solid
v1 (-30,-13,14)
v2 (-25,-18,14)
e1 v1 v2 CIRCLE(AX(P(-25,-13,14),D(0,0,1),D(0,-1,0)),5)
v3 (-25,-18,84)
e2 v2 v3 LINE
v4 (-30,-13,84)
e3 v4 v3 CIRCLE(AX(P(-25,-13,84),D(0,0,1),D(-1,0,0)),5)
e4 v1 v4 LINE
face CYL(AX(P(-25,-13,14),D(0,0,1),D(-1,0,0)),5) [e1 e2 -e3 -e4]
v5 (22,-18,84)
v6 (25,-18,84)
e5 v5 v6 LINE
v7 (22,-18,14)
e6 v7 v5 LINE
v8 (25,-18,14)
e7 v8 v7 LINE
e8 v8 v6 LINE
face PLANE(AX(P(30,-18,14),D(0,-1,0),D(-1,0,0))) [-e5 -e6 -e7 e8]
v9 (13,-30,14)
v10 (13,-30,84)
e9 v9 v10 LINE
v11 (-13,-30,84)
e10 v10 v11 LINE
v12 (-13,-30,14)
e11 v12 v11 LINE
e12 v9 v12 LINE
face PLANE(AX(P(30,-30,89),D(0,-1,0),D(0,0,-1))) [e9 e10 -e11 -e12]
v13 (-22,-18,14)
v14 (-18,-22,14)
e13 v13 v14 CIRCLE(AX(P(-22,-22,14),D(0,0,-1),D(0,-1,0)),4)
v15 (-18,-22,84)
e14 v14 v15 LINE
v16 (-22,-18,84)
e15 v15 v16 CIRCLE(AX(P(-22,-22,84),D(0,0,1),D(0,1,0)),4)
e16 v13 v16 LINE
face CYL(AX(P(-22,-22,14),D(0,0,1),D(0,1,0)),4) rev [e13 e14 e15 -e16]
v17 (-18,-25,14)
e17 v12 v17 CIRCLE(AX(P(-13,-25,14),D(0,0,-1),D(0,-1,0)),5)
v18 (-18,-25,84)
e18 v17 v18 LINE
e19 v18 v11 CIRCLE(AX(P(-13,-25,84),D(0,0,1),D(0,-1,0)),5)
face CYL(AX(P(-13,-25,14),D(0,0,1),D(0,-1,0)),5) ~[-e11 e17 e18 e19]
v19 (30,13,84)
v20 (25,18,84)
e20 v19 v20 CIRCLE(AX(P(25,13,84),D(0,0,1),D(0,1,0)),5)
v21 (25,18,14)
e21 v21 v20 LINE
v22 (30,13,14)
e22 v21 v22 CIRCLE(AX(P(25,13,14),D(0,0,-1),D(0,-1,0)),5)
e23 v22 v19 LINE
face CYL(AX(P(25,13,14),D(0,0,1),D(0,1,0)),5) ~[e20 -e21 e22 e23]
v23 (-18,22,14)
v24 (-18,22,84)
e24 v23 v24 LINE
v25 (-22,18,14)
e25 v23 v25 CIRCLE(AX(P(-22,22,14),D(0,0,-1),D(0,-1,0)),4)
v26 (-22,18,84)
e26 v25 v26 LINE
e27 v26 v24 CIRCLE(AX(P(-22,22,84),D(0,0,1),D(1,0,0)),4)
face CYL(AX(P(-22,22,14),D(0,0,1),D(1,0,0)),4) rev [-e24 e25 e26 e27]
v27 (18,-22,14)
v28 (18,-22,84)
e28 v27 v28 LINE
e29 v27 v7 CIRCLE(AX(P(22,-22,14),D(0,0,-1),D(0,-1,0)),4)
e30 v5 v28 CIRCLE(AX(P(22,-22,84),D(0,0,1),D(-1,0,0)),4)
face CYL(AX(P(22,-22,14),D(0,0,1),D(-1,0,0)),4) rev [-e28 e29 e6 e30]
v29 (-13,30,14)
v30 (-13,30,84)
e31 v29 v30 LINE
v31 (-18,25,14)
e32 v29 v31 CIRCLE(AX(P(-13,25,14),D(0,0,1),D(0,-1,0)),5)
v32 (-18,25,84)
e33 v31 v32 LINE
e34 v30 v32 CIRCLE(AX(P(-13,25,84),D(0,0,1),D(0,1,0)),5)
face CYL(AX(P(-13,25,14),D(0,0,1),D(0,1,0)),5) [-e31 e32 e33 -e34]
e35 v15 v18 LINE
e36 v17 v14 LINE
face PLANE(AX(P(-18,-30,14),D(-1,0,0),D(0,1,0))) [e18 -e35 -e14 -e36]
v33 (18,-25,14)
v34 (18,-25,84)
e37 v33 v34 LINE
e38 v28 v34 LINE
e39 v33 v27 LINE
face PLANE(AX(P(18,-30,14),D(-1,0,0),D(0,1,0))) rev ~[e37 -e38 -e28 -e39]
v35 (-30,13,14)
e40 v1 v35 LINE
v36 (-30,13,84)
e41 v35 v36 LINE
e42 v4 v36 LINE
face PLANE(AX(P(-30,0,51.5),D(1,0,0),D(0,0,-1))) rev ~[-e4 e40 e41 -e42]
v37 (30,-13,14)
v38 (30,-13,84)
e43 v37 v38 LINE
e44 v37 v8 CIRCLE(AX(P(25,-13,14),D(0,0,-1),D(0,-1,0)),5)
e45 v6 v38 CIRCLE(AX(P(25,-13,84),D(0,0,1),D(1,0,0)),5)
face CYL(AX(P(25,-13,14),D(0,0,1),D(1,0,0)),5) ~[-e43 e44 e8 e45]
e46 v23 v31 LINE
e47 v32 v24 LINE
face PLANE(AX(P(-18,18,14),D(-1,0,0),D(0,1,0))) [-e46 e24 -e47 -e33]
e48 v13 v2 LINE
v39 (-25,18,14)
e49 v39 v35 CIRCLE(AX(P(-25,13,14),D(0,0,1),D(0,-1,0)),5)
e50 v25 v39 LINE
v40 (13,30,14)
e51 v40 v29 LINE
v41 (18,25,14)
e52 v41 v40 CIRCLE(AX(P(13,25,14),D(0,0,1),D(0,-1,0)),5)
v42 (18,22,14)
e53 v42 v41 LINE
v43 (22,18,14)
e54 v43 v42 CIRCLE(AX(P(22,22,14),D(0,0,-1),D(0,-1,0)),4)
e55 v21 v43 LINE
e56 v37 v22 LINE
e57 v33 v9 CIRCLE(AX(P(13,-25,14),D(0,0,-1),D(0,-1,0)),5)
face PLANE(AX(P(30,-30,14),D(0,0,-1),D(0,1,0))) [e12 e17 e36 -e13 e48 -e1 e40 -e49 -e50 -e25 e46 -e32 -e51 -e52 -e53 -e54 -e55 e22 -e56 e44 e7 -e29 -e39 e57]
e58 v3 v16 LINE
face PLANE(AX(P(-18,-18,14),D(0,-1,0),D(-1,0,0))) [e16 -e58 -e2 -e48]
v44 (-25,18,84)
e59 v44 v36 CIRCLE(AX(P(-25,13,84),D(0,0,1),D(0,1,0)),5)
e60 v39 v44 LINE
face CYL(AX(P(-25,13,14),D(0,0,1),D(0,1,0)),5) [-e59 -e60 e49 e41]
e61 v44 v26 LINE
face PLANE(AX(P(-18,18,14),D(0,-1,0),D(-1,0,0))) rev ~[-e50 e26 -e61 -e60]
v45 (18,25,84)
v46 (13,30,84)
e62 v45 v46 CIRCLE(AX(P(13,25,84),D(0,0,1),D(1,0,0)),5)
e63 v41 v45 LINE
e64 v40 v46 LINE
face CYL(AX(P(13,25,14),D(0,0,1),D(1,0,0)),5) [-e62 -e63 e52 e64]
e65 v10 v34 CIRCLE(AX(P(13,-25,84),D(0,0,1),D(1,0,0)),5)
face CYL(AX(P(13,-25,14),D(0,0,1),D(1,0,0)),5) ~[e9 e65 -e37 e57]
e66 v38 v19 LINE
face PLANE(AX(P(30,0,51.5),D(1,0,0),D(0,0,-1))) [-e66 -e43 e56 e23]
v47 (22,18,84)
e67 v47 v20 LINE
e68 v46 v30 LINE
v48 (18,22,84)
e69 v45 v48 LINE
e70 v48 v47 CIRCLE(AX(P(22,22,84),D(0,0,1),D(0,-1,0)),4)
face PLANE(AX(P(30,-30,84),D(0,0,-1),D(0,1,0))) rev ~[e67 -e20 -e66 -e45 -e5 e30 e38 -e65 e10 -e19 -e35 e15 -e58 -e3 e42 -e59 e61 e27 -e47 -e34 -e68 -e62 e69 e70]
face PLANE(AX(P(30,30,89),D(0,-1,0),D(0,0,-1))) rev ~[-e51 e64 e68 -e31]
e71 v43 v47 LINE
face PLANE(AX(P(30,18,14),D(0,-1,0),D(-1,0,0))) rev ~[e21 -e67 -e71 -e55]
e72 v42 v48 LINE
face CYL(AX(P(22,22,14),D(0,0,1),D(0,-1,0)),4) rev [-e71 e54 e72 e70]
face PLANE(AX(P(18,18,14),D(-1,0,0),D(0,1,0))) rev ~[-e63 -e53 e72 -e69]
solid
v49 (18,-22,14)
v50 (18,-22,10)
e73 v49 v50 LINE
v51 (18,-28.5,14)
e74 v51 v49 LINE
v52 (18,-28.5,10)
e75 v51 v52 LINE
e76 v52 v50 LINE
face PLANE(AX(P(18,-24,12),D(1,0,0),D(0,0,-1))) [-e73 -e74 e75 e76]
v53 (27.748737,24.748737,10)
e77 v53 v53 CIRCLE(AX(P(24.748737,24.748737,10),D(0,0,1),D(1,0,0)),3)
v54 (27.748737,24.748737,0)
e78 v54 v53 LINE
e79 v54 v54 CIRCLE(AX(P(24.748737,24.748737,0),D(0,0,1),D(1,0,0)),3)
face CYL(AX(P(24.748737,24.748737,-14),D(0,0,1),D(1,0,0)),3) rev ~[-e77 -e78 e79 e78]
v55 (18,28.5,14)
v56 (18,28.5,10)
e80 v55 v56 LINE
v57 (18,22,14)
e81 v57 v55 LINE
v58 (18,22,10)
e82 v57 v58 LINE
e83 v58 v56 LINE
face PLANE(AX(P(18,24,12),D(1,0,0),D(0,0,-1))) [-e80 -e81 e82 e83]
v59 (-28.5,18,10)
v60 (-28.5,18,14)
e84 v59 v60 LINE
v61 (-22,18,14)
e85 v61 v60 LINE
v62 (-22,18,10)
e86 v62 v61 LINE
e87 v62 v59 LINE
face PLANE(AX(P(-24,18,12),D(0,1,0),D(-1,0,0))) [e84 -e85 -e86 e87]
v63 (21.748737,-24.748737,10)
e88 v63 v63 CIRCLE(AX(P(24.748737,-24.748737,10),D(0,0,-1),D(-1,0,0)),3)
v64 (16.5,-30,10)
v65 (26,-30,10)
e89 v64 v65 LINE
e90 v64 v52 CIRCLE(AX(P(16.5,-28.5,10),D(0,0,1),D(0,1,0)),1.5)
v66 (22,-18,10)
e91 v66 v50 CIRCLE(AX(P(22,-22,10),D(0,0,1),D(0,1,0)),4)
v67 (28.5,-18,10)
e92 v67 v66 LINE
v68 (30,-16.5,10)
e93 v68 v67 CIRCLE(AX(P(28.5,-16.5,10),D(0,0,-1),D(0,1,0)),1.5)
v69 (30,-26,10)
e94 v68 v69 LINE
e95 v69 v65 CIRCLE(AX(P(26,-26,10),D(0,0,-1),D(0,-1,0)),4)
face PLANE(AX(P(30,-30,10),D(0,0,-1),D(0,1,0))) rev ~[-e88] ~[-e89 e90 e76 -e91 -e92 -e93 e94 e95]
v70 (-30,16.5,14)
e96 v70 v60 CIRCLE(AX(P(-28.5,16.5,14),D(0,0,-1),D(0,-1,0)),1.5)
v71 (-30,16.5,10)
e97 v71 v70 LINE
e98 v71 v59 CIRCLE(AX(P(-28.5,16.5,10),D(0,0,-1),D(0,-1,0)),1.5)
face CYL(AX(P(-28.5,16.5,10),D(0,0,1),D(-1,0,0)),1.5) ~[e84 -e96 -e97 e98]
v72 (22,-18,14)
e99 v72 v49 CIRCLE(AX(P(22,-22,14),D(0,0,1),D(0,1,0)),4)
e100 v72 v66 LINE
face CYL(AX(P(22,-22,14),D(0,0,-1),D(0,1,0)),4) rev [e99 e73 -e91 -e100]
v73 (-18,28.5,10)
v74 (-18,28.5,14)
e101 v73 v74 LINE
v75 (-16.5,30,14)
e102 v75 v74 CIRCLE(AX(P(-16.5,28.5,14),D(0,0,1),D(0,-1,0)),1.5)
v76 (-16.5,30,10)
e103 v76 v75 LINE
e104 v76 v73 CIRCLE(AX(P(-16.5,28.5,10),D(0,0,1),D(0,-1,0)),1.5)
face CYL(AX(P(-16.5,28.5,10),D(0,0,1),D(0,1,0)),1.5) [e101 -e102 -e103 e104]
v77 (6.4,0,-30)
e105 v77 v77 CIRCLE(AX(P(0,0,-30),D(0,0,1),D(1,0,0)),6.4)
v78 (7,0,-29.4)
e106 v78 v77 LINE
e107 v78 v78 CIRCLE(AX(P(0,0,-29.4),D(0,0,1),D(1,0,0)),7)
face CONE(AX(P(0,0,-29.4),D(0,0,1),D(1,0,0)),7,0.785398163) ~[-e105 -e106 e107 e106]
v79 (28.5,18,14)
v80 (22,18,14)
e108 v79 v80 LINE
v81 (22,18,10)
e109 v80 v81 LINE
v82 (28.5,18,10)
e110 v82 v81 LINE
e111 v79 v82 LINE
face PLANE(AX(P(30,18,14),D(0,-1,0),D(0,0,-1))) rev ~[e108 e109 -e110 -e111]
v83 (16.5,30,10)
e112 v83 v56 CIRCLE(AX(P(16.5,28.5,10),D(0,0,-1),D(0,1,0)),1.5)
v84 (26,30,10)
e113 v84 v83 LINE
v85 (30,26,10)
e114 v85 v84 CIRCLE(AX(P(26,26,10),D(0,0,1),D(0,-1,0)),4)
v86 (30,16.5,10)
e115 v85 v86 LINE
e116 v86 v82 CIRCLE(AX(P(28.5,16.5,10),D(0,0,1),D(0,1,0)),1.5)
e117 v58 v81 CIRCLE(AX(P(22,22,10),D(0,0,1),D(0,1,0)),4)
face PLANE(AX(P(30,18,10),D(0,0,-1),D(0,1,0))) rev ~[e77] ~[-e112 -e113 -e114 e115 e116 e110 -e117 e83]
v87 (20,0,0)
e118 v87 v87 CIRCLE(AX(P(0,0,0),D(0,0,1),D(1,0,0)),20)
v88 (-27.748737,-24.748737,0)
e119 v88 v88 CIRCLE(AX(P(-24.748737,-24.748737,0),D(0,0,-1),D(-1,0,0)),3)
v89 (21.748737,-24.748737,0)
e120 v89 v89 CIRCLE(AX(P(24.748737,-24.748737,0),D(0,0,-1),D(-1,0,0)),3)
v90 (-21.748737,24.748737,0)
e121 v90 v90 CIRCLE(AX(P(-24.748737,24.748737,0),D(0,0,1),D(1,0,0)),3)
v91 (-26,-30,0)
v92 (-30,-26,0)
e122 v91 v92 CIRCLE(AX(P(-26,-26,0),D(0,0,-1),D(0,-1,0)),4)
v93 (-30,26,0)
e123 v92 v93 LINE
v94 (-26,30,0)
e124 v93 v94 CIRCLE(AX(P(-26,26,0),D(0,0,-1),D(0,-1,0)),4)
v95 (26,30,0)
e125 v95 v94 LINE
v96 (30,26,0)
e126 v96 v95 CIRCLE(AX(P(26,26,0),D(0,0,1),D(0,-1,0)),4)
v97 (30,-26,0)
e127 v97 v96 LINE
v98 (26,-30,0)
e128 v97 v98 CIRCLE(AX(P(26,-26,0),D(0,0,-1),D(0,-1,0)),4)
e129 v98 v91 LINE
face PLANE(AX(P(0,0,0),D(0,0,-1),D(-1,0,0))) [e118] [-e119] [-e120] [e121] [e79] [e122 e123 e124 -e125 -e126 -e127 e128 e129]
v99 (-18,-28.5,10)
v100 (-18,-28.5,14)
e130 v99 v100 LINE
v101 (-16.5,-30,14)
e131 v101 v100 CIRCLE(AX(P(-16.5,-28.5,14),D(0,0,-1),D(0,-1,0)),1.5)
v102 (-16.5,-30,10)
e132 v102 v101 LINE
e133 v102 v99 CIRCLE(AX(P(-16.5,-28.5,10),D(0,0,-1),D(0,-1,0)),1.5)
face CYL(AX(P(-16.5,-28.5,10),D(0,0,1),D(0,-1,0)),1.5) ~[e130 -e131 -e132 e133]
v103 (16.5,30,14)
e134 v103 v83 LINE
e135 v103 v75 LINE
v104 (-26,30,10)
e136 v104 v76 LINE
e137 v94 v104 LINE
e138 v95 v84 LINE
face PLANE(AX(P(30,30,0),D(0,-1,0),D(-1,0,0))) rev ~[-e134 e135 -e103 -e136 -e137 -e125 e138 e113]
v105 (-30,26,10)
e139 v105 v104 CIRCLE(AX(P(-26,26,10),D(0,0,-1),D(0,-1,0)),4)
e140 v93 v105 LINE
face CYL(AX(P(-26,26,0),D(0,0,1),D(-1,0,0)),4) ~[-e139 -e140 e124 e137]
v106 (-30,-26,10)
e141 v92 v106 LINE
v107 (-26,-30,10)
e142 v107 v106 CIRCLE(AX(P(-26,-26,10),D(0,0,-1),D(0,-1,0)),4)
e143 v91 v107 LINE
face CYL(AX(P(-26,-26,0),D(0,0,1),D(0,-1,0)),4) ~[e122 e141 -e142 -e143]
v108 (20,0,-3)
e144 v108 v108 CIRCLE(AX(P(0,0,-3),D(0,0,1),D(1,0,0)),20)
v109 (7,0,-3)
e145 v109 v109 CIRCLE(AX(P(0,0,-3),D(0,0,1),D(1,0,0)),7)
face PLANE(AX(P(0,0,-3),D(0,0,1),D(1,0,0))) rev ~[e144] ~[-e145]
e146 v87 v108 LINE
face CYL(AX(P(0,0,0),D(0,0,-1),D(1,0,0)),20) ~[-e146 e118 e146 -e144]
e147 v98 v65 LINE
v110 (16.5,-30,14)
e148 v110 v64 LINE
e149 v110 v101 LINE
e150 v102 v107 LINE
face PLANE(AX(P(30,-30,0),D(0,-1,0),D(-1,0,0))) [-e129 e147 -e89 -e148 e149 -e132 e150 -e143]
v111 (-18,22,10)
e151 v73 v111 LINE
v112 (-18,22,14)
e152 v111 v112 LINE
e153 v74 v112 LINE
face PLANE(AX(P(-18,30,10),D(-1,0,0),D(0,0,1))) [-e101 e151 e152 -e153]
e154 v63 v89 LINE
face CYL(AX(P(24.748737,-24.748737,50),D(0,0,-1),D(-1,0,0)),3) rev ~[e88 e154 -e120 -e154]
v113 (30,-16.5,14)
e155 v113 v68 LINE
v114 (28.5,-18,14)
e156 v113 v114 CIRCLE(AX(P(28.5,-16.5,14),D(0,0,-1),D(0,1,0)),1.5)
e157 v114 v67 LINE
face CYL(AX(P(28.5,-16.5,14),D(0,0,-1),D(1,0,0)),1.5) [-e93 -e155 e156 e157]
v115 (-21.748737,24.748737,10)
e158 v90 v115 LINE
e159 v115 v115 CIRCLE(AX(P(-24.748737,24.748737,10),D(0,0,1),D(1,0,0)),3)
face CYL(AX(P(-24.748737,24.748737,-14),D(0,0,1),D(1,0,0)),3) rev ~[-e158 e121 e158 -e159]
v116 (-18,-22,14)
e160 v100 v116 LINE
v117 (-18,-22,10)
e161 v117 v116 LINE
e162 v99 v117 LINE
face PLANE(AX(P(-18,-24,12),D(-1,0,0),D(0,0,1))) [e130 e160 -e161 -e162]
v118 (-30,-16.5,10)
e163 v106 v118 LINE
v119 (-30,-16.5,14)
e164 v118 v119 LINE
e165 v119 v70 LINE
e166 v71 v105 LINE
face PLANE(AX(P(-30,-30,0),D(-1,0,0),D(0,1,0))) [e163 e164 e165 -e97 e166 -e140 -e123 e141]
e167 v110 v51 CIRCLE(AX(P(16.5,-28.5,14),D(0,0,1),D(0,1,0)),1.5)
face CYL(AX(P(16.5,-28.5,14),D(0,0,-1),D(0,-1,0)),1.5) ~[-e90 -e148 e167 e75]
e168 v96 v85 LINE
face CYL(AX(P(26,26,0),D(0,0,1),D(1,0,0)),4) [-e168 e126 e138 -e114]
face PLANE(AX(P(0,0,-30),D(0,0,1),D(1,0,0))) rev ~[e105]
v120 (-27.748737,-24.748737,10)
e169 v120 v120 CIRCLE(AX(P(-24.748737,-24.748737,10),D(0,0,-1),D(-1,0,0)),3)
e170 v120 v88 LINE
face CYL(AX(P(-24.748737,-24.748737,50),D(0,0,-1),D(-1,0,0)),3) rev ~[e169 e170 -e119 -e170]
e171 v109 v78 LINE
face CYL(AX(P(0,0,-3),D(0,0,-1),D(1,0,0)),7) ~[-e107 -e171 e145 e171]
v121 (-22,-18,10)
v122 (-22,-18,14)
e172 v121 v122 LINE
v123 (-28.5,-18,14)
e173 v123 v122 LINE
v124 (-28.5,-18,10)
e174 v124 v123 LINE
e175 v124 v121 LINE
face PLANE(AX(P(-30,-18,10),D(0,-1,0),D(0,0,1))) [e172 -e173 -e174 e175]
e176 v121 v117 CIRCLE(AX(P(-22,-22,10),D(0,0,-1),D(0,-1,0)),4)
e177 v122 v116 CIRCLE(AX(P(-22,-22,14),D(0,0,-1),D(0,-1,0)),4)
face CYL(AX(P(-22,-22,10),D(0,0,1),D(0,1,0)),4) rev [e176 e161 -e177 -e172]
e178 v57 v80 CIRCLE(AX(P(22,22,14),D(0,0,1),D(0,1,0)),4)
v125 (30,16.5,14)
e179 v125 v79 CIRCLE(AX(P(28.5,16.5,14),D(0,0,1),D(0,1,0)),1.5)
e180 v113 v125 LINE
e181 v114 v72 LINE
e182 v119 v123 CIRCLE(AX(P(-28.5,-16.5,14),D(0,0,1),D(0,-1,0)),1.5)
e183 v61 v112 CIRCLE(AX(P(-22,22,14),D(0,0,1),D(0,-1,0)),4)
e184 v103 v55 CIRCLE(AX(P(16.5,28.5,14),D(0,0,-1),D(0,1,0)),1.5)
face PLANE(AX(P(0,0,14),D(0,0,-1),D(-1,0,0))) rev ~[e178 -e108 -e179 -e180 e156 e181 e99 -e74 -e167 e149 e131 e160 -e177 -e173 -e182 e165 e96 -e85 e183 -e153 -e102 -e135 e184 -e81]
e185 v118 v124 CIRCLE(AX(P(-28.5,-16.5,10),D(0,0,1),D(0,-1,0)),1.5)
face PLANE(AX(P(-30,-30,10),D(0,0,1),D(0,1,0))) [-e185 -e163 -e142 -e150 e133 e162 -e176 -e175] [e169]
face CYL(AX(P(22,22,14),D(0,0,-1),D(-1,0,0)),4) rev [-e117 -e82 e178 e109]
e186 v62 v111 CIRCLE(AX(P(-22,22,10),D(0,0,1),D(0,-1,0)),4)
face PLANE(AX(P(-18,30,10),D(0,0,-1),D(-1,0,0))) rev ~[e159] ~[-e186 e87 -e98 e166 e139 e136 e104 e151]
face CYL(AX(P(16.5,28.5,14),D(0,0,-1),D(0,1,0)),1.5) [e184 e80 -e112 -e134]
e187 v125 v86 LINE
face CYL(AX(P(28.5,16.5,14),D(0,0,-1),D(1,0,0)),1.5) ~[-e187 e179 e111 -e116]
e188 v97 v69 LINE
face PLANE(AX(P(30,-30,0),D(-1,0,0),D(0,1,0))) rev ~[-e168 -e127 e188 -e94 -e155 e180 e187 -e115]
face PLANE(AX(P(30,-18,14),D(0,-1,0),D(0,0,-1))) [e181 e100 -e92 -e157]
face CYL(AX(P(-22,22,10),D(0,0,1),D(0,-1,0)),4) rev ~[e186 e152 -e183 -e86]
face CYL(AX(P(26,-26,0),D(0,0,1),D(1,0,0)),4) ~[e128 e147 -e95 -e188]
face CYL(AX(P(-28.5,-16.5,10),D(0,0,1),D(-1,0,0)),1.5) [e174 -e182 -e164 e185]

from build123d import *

# Parameters (mm, degrees)
SKETCH_1_W                = 60
SKETCH_1_H                = 60
EXTRUDE_1_DEPTH           = 14
SKETCH_2_W                = 4
SKETCH_2_H                = 12
CUT_EXTRUDE_1_DEPTH       = 12
SKETCH_3_W                = 12
SKETCH_3_H                = 4
CUT_EXTRUDE_2_DEPTH       = 12
SKETCH_4_W                = 4
SKETCH_4_H                = 12
CUT_EXTRUDE_3_DEPTH       = 12
SKETCH_5_W                = 4
SKETCH_5_H                = 12
CUT_EXTRUDE_4_DEPTH       = 12
HOLE_WIZARD_6_0_6_1_D     = 6
HOLE_WIZARD_6_0_6_1_DEPTH = 40
HOLE_WIZARD_6_0_6_2_D     = 6
HOLE_WIZARD_6_0_6_2_DEPTH = 14
CHAMFER_1_SIZE            = 0.6
FILLET_1_R                = 1.5
FILLET_2_R                = 4
SKETCH_15_W               = 75
SKETCH_15_H               = 60
EXTRUDE_2_DEPTH           = 60
SKETCH_21_W               = 12
SKETCH_21_H               = 12
CUT_EXTRUDE_5_DEPTH       = 87.168439698
SKETCH_43_W               = 12
SKETCH_43_H               = 12
CUT_EXTRUDE_7_DEPTH       = 87.168439698
SKETCH_50_W               = 12
SKETCH_50_H               = 12
CUT_EXTRUDE_8_DEPTH       = 87.168439698
SKETCH_57_W               = 12
SKETCH_57_H               = 12
CUT_EXTRUDE_9_DEPTH       = 87.168439698
FILLET_5_R                = 4
FILLET_6_R                = 5
SKETCH_58_W               = 5
SKETCH_58_H               = 60
CUT_EXTRUDE_10_DEPTH      = 86


with BuildPart() as part:
    # 草图1 → 凸台-拉伸1 (new body)
    with BuildSketch(Plane(origin=(0, 0, 0), x_dir=(-1, 0, 0), z_dir=(0, 0, -1))):
        Rectangle(SKETCH_1_W, SKETCH_1_H)
    extrude(amount=-EXTRUDE_1_DEPTH)

    # 草图2 → 切除-拉伸1 (cut)
    with BuildSketch(Plane(origin=(30, 0, 0), x_dir=(0, 0, -1), z_dir=(1, 0, 0))):
        with Locations((-12, 24)):
            Rectangle(SKETCH_2_W, SKETCH_2_H)
    extrude(amount=-CUT_EXTRUDE_1_DEPTH, mode=Mode.SUBTRACT)

    # 草图3 → 切除-拉伸2 (cut)
    with BuildSketch(Plane(origin=(0, 30, 0), x_dir=(-1, 0, 0), z_dir=(0, 1, 0))):
        with Locations((24, 12)):
            Rectangle(SKETCH_3_W, SKETCH_3_H)
    extrude(amount=-CUT_EXTRUDE_2_DEPTH, mode=Mode.SUBTRACT)

    # 草图4 → 切除-拉伸3 (cut)
    with BuildSketch(Plane.ZY.offset(30)):
        with Locations((12, -24)):
            Rectangle(SKETCH_4_W, SKETCH_4_H)
    extrude(amount=-CUT_EXTRUDE_3_DEPTH, mode=Mode.SUBTRACT)

    # 草图5 → 切除-拉伸4 (cut)
    with BuildSketch(Plane(origin=(30, 0, 0), x_dir=(0, 0, -1), z_dir=(1, 0, 0))):
        with Locations((-12, -24)):
            Rectangle(SKETCH_5_W, SKETCH_5_H)
    extrude(amount=-CUT_EXTRUDE_4_DEPTH, mode=Mode.SUBTRACT)

    # 草图6 → 旋转1 (revolve)
    with BuildSketch(Plane(origin=(0, 0, 0), x_dir=(1, 0, 0), z_dir=(0, 1, 0))):
        Polygon((7, 30), (0, 30), (0, 0), (20, 0), (20, 3), (7, 3), align=None)
    revolve(axis=Axis((0, 0, -30), (0, 0, 1)))

    # Ø6.0 (6) 直径孔1
    with Locations(Plane.XY.offset(10)):
        with Locations((-24.748737342, -24.748737342), (24.748737342, -24.748737342)):
            Hole(HOLE_WIZARD_6_0_6_1_D / 2, depth=HOLE_WIZARD_6_0_6_1_DEPTH)

    # Ø6.0 (6) 直径孔2
    with Locations(Plane(origin=(0, 0, 0), x_dir=(-1, 0, 0), z_dir=(0, 0, -1))):
        with Locations((24.748737342, 24.748737342), (-24.748737342, 24.748737342)):
            Hole(HOLE_WIZARD_6_0_6_2_D / 2, depth=HOLE_WIZARD_6_0_6_2_DEPTH)

    # 倒角1
    chamfer_1_edges = [part.edges().sort_by_distance(p)[0] for p in [
        (-7, 0, -30),
    ]]
    chamfer(chamfer_1_edges, length=CHAMFER_1_SIZE)

    # 圆角1
    fillet_1_edges = [part.edges().sort_by_distance(p)[0] for p in [
        (18, 30, 12),
        (30, 18, 12),
        (-30, 18, 12),
        (-18, 30, 12),
        (-18, -30, 12),
        (-30, -18, 12),
        (18, -30, 12),
        (30, -18, 12),
    ]]
    fillet(fillet_1_edges, radius=FILLET_1_R)

    # 圆角2
    fillet_2_edges = [part.edges().sort_by_distance(p)[0] for p in [
        (30, 30, 5),
        (18, 18, 12),
        (-30, 30, 5),
        (-18, 18, 12),
        (-30, -30, 5),
        (-18, -18, 12),
        (30, -30, 5),
        (18, -18, 12),
    ]]
    fillet(fillet_2_edges, radius=FILLET_2_R)


with BuildPart() as body_2:
    # 草图15 → 凸台-拉伸2 (new body)
    with BuildSketch(Plane(origin=(30, 0, 0), x_dir=(0, 0, -1), z_dir=(1, 0, 0))):
        with Locations((-51.5, 0)):
            Rectangle(SKETCH_15_W, SKETCH_15_H)
    extrude(amount=-EXTRUDE_2_DEPTH)

    # 草图21 → 切除-拉伸5 (cut, through all)
    with BuildSketch(Plane(origin=(0, 0, 14), x_dir=(-1, 0, 0), z_dir=(0, 0, -1))):
        with Locations((24, -24)):
            Rectangle(SKETCH_21_W, SKETCH_21_H)
    extrude(amount=-CUT_EXTRUDE_5_DEPTH, mode=Mode.SUBTRACT)

    # 草图43 → 切除-拉伸7 (cut, through all)
    with BuildSketch(Plane(origin=(0, 0, 14), x_dir=(-1, 0, 0), z_dir=(0, 0, -1))):
        with Locations((-24, -24)):
            Rectangle(SKETCH_43_W, SKETCH_43_H)
    extrude(amount=-CUT_EXTRUDE_7_DEPTH, mode=Mode.SUBTRACT)

    # 草图50 → 切除-拉伸8 (cut, through all)
    with BuildSketch(Plane(origin=(0, 0, 14), x_dir=(-1, 0, 0), z_dir=(0, 0, -1))):
        with Locations((-24, 24)):
            Rectangle(SKETCH_50_W, SKETCH_50_H)
    extrude(amount=-CUT_EXTRUDE_8_DEPTH, mode=Mode.SUBTRACT)

    # 草图57 → 切除-拉伸9 (cut, through all)
    with BuildSketch(Plane(origin=(0, 0, 14), x_dir=(-1, 0, 0), z_dir=(0, 0, -1))):
        with Locations((24, 24)):
            Rectangle(SKETCH_57_W, SKETCH_57_H)
    extrude(amount=-CUT_EXTRUDE_9_DEPTH, mode=Mode.SUBTRACT)

    # 圆角5
    fillet_5_edges = [body_2.edges().sort_by_distance(p)[0] for p in [
        (-18, -18, 51.5),
        (18, -18, 51.5),
        (18, 18, 51.5),
        (-18, 18, 51.5),
    ]]
    fillet(fillet_5_edges, radius=FILLET_5_R)

    # 圆角6
    fillet_6_edges = [body_2.edges().sort_by_distance(p)[0] for p in [
        (-30, -18, 51.5),
        (-18, -30, 51.5),
        (18, -30, 51.5),
        (30, -18, 51.5),
        (30, 18, 51.5),
        (18, 30, 51.5),
        (-18, 30, 51.5),
        (-30, 18, 51.5),
    ]]
    fillet(fillet_6_edges, radius=FILLET_6_R)

    # 草图58 → 切除-拉伸10 (cut)
    with BuildSketch(Plane(origin=(30, 0, 0), x_dir=(0, 0, -1), z_dir=(1, 0, 0))):
        with Locations((-86.5, 0)):
            Rectangle(SKETCH_58_W, SKETCH_58_H)
    extrude(amount=-CUT_EXTRUDE_10_DEPTH, mode=Mode.SUBTRACT)


solid = Compound([part.part, body_2.part])
